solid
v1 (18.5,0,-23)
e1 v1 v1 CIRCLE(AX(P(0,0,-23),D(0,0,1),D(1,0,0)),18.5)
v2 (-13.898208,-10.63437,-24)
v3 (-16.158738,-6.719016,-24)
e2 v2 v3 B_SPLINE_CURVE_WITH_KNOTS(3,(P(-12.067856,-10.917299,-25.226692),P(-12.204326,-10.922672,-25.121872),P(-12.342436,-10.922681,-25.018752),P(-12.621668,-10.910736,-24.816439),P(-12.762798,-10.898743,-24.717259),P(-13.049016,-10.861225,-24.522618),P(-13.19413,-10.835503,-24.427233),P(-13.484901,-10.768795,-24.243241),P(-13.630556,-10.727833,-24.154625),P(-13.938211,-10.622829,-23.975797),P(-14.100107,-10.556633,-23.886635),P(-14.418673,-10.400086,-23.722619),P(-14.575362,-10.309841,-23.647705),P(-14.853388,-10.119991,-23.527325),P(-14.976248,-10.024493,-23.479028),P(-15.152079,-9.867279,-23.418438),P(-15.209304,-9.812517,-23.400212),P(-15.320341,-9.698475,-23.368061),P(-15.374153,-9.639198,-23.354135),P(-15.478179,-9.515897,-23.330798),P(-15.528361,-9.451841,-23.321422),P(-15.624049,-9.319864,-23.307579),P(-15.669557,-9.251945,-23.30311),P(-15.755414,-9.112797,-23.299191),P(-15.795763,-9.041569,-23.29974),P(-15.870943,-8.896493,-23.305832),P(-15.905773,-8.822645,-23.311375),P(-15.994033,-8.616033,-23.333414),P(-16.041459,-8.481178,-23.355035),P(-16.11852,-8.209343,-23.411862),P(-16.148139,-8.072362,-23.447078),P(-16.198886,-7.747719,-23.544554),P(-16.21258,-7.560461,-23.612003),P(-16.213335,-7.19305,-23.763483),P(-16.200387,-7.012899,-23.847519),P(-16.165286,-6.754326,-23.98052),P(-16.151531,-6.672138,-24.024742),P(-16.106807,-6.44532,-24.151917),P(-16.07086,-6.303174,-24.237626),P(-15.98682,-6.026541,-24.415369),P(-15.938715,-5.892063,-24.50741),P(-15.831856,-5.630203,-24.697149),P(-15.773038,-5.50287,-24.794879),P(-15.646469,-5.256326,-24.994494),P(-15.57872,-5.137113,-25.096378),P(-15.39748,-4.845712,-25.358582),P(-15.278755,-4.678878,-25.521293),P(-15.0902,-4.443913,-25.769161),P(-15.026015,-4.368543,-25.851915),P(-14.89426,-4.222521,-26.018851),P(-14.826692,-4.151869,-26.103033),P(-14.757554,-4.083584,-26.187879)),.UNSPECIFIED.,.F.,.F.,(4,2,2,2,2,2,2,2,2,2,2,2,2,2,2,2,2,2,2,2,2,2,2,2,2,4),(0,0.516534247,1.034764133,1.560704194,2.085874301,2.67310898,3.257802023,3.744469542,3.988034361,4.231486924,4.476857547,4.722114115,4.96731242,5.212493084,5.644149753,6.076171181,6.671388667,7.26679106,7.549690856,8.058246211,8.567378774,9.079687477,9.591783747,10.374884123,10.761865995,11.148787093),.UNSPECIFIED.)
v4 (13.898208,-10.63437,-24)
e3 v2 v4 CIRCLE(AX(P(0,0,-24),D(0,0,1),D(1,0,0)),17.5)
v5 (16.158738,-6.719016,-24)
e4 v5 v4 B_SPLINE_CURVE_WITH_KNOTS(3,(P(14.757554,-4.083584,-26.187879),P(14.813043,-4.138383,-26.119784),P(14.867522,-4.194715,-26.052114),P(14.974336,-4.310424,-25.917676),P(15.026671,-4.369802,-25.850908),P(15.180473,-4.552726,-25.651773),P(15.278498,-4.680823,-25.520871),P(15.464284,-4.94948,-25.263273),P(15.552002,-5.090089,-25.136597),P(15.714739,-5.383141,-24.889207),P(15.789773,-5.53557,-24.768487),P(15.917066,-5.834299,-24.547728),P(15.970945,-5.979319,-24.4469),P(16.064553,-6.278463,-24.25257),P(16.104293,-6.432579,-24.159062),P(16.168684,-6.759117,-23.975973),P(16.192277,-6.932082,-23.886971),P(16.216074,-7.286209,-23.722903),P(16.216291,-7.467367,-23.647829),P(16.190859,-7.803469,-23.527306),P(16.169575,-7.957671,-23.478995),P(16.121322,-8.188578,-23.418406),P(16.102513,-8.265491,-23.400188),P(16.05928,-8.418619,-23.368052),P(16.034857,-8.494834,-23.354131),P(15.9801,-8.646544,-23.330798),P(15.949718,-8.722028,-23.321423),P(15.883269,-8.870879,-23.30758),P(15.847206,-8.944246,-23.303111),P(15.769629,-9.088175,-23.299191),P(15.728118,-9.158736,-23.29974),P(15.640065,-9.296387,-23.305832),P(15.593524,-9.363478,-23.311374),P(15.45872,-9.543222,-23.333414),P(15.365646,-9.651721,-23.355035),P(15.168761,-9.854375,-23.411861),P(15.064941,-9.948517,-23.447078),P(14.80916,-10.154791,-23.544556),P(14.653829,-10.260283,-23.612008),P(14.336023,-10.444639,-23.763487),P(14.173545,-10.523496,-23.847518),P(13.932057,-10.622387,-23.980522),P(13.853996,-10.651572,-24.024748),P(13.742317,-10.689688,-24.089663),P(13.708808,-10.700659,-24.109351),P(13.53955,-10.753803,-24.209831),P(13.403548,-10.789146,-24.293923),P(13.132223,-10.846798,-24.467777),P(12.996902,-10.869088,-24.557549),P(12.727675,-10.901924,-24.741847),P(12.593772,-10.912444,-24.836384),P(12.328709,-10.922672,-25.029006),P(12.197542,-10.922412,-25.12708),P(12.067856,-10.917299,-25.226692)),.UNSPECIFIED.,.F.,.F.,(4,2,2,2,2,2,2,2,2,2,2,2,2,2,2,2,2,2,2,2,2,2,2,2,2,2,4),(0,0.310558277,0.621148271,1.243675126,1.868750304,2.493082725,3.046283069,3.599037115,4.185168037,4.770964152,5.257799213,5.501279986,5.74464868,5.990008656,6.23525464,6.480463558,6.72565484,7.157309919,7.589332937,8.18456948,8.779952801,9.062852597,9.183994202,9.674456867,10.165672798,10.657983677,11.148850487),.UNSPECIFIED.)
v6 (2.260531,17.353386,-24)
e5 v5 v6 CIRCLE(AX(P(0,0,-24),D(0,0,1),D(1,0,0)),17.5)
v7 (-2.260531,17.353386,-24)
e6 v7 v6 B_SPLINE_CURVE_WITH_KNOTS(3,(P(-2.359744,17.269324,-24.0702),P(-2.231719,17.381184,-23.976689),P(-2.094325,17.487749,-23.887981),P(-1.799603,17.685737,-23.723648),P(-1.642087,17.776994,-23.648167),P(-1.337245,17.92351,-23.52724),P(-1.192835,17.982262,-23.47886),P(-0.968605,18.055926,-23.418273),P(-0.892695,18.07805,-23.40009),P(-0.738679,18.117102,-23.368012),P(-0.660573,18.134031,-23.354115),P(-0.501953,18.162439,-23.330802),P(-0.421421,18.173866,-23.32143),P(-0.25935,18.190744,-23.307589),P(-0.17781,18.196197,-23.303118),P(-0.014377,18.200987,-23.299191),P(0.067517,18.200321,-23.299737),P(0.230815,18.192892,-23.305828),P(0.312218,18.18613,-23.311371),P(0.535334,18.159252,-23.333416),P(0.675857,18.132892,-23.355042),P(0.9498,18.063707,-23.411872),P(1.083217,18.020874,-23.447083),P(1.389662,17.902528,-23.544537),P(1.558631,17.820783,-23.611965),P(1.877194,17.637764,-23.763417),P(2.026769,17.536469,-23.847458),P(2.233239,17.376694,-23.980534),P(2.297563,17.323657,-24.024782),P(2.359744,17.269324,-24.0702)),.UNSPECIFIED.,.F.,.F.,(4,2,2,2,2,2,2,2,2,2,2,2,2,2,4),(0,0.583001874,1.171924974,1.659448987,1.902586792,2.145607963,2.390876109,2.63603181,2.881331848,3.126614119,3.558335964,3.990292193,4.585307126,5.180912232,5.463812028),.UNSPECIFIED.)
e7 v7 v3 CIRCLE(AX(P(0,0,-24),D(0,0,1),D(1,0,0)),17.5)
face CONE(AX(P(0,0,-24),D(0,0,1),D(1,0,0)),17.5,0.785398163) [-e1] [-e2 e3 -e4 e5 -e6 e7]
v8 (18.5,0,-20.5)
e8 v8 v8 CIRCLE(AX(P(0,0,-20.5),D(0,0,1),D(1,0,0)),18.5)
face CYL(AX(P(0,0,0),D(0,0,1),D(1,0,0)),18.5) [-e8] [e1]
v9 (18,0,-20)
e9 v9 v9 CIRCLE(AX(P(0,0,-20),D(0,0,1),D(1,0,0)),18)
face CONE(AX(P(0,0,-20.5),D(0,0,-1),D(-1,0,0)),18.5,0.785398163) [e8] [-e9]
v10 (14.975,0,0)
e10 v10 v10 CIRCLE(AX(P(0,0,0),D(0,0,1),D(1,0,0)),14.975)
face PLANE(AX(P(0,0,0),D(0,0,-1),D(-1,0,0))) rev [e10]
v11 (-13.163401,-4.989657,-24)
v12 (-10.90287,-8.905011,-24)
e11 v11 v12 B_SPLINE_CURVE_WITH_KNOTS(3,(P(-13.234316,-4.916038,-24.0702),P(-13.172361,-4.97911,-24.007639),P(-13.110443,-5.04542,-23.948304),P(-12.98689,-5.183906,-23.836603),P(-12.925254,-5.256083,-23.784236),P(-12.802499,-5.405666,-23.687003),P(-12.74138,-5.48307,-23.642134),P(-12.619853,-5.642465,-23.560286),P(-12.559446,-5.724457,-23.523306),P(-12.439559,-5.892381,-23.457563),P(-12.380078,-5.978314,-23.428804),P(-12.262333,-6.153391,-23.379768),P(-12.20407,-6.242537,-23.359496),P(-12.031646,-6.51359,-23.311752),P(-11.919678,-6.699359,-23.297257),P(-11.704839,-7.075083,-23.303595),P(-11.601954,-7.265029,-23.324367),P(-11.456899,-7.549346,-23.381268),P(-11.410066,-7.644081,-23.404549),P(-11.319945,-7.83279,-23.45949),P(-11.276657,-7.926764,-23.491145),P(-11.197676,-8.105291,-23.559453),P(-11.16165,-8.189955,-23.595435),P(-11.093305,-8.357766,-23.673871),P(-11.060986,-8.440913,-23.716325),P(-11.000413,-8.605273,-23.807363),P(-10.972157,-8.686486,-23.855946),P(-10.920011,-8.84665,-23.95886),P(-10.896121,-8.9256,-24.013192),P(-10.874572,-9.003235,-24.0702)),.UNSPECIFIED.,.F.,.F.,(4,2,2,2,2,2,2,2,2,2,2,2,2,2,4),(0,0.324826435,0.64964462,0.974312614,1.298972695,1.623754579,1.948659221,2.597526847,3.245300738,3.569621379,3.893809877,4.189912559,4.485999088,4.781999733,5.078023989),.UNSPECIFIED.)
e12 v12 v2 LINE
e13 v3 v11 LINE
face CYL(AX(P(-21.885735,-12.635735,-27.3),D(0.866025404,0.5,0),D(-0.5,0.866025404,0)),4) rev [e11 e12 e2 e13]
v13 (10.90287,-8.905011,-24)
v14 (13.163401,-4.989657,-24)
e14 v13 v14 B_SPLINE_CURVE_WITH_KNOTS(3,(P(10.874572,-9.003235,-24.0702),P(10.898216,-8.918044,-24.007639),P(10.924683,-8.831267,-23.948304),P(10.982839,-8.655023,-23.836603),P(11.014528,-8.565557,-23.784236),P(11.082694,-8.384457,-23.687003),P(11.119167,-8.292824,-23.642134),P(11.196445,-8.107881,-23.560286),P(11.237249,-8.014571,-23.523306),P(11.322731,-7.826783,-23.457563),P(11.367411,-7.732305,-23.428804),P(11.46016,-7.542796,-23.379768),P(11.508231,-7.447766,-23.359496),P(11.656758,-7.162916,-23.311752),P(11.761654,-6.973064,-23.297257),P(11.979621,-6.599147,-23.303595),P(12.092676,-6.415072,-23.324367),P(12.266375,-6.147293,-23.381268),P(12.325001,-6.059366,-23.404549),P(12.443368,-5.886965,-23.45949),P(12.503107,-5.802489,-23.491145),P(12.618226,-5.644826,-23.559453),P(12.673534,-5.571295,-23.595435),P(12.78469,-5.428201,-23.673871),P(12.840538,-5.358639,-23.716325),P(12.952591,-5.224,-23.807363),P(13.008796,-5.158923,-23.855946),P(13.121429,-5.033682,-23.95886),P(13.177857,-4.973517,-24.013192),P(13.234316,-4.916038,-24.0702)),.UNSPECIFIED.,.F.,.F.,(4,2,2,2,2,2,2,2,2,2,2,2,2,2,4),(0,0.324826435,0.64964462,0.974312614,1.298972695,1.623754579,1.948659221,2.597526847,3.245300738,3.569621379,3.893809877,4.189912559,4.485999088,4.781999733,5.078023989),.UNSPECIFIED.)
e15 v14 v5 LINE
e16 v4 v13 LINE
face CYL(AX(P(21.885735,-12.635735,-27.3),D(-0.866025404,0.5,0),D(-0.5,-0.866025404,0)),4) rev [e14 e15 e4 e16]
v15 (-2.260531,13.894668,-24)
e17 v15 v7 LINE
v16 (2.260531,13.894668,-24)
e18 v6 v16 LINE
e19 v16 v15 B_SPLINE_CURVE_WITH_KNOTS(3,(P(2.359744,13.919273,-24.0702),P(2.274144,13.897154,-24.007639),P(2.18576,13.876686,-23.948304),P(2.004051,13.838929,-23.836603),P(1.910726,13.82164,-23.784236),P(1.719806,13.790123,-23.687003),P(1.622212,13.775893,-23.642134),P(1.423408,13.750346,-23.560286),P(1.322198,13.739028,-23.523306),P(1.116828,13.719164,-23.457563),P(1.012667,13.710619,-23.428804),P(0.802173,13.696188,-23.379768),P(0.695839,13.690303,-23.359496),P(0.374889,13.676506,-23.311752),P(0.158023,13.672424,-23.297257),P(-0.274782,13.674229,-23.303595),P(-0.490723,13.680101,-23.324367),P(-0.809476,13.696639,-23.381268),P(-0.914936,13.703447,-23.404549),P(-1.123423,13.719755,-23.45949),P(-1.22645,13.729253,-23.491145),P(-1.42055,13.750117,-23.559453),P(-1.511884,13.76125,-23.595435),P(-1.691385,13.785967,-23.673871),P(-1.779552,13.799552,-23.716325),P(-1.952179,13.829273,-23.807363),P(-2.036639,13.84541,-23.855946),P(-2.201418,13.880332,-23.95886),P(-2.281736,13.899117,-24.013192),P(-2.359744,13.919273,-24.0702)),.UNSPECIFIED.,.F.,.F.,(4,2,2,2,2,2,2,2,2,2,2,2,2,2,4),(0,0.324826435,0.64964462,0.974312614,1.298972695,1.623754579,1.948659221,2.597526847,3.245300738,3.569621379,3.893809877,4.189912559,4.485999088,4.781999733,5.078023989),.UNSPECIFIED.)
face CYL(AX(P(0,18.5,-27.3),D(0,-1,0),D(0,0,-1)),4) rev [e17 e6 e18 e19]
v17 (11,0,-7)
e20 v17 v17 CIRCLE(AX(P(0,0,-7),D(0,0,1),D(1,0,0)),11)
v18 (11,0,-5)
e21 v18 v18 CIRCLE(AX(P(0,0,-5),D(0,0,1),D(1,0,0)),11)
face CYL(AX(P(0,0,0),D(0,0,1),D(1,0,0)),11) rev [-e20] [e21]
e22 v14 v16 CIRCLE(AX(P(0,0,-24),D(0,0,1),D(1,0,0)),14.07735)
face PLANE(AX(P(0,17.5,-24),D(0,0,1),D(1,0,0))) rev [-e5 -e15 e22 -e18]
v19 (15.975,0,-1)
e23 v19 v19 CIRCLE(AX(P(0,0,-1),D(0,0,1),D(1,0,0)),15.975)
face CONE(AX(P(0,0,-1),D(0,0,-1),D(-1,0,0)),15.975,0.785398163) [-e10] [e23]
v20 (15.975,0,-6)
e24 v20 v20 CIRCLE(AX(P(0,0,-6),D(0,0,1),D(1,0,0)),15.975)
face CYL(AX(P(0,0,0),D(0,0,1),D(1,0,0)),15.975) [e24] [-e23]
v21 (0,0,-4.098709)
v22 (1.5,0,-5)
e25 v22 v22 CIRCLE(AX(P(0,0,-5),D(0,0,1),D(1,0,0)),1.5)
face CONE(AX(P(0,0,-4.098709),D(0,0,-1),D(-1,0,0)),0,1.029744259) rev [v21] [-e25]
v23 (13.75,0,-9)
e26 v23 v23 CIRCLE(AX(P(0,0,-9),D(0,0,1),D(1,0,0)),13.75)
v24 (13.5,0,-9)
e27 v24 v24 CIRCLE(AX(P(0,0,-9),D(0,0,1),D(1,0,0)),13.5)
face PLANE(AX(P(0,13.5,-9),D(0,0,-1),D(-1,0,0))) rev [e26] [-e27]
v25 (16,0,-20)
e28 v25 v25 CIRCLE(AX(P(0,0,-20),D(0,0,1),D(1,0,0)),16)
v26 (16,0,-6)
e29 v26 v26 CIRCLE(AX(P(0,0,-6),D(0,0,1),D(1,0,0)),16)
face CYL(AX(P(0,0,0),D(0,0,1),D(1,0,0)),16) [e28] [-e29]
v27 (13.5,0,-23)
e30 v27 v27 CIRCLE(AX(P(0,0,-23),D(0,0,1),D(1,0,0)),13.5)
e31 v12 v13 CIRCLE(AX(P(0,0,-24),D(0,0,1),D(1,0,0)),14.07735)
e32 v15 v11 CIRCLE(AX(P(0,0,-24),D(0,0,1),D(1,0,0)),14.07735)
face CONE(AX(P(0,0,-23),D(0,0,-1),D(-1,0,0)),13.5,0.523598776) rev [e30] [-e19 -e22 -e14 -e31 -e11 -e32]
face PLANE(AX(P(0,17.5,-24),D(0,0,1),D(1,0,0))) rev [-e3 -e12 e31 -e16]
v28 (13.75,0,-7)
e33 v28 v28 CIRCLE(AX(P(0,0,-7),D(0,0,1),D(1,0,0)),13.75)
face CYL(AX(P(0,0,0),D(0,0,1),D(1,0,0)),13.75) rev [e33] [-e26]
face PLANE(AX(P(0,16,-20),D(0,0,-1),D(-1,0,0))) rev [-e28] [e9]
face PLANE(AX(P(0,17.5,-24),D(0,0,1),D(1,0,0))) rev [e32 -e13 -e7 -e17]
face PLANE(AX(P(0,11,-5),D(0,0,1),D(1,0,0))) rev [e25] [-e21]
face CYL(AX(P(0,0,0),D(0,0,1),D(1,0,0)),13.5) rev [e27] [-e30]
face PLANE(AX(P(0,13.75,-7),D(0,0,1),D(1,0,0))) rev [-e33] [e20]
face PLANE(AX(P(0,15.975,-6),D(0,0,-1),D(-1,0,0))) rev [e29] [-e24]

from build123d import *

# Parameters (mm, degrees)
SKETCH2_R          = 4
CUT_EXTRUDE3_DEPTH = 36.503520952
CIRPATTERN1_COUNT  = 3


with BuildPart() as part:
    # Sketch1 → Revolve2 (revolve)
    with BuildSketch(Plane(origin=(0, 0, 0), x_dir=(0, 0, -1), z_dir=(1, 0, 0)), mode=Mode.PRIVATE) as revolve2_sk:
        Polygon((0, 0), (0, 14.975), (1, 15.975), (6, 15.975), (6, 16), (20, 16), (20, 18), (20.5, 18.5), (23, 18.5), (24, 17.5), (24, 14.077350269), (23, 13.5), (9, 13.5), (9, 13.75), (7, 13.75), (7, 11), (5, 11), (5, 1.5), (4.098709071, 0), align=None)
    revolve(revolve2_sk.sketch.rotate(Axis((0, 0, 0), (0, 0, -1)), 90), axis=Axis((0, 0, 0), (0, 0, -1)))

    # Sketch2 → Cut-Extrude3 (cut, through all)
    with BuildSketch(Plane(origin=(0, 0, 0), x_dir=(0, 0, -1), z_dir=(0, 1, 0))):
        with Locations((27.3, 0)):
            Circle(SKETCH2_R)
    cut_extrude3 = extrude(amount=CUT_EXTRUDE3_DEPTH, mode=Mode.SUBTRACT)

    # CirPattern1: Cut-Extrude3 ×3 about axis
    cirpattern1_axis = Axis((0, 0, -4.098709071), (0, 0, -1))
    for i in range(1, CIRPATTERN1_COUNT):
        add(cut_extrude3.rotate(cirpattern1_axis, i * 360 / CIRPATTERN1_COUNT), mode=Mode.SUBTRACT)


solid = part.part
